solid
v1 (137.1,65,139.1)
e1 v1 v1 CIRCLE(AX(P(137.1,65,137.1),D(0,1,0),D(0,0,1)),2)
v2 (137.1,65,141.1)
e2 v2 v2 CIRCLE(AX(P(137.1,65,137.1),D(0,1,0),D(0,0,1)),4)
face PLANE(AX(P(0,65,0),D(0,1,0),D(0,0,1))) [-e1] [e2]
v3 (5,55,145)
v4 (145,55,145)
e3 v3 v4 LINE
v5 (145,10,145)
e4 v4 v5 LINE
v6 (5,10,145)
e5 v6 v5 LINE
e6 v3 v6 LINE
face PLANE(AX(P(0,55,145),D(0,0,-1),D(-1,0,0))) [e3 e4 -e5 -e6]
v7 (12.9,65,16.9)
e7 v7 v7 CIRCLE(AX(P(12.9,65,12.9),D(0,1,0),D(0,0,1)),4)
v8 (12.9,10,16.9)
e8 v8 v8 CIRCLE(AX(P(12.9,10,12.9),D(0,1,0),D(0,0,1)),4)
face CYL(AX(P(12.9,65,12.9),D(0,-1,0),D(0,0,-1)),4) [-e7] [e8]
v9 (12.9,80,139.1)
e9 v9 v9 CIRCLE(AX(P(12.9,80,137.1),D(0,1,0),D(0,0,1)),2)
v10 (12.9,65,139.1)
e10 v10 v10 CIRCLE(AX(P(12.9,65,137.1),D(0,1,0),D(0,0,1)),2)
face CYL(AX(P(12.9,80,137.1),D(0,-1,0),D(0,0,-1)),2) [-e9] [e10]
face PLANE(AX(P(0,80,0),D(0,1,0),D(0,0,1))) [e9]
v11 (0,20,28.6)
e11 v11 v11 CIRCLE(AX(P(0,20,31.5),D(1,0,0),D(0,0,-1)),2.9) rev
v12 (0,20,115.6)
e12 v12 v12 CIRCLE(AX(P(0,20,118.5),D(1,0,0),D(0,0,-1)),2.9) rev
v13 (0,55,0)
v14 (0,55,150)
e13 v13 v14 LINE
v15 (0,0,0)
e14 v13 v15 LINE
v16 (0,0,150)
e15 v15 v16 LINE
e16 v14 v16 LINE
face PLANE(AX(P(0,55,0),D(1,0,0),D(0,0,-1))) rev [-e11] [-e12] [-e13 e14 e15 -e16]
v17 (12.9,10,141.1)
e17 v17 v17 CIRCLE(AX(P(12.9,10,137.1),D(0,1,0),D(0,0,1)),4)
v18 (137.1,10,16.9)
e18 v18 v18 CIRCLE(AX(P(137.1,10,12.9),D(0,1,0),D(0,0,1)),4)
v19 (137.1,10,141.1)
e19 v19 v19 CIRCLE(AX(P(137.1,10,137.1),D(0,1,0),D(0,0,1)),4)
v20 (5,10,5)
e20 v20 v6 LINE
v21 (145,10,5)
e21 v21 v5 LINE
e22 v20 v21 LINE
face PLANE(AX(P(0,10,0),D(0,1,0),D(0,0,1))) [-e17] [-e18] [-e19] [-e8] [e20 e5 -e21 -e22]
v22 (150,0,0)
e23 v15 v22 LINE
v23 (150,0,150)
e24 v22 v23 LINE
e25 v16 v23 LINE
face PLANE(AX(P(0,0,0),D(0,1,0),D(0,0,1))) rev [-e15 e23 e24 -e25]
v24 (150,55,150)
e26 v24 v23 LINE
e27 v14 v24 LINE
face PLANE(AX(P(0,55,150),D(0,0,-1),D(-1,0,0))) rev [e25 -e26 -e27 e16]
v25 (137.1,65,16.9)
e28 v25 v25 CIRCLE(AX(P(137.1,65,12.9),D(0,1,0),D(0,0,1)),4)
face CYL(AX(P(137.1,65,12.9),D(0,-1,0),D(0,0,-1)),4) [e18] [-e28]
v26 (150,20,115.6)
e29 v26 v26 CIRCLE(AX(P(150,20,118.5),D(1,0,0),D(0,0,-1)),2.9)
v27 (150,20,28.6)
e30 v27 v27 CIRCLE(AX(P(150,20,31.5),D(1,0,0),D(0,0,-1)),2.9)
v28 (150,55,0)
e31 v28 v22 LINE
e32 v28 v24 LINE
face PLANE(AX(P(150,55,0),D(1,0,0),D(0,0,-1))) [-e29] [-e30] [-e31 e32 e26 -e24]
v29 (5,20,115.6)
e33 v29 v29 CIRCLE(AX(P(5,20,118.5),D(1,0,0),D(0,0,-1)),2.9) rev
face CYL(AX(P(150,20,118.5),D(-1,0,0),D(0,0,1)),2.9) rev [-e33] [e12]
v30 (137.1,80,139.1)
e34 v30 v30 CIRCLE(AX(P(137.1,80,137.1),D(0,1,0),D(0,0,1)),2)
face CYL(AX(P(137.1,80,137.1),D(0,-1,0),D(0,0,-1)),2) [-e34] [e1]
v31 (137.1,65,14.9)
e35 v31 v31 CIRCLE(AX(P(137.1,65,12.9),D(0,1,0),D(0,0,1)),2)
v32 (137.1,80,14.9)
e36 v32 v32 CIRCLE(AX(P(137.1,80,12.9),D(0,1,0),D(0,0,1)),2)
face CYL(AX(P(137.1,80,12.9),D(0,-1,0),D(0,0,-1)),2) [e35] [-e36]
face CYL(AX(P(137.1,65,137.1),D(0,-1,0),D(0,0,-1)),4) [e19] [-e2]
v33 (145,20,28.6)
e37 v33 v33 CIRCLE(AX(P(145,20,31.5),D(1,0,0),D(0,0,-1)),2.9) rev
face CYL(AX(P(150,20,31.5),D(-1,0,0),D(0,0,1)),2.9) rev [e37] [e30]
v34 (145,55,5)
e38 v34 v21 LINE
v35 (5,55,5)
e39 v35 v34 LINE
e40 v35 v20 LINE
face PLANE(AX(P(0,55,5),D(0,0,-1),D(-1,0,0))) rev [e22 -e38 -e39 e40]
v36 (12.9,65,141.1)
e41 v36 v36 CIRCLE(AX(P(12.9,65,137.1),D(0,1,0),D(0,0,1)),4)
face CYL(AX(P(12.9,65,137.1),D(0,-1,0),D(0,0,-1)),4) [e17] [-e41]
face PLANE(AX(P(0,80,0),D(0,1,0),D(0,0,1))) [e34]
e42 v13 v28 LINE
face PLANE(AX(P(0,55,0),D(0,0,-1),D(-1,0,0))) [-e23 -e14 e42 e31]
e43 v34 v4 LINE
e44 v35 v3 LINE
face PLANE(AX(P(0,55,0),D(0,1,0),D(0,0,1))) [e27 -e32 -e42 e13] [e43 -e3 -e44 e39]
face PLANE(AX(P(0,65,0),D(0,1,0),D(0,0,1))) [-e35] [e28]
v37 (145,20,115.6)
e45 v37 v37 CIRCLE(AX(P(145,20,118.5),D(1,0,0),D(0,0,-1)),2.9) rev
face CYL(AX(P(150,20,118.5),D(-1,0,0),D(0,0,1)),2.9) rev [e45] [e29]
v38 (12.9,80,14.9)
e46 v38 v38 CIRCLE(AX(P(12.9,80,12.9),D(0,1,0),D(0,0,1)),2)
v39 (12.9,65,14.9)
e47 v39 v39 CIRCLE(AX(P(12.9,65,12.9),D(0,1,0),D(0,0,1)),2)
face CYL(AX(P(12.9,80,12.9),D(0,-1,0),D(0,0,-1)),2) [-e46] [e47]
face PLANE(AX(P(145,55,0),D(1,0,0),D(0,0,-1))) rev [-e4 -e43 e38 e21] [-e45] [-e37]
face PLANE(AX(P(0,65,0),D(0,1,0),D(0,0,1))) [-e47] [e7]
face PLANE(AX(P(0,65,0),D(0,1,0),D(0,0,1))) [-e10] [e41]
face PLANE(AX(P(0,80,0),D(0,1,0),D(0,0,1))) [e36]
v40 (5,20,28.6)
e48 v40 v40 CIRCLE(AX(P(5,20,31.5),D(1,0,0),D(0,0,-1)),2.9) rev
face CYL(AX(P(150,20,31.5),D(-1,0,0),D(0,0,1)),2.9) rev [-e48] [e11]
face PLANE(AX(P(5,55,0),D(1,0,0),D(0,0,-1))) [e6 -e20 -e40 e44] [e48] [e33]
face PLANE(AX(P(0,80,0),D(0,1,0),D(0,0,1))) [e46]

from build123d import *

# Parameters (mm, degrees)
SKETCH1_W               = 150
SKETCH1_H               = 150
SKETCH1_W_2             = 140
SKETCH1_H_2             = 140
BOSS_EXTRUDE1_DEPTH     = 55
SKETCH1_3_W             = 140
SKETCH1_3_H             = 140
SKETCH1_3_R             = 4
BOSS_EXTRUDE2_DEPTH     = 10
SKETCH1_4_R             = 4
SKETCH1_4_R_2           = 2
BOSS_EXTRUDE3_DEPTH     = 65
SKETCH1_5_R             = 2
BOSS_EXTRUDE4_DEPTH     = 80
CUT_EXTRUDE3_DEPTH      = 227.715680975
CUT_EXTRUDE3_DEPTH_BACK = 130
SKETCH3_R               = 2.9


with BuildPart() as part:
    # Sketch1 → Boss-Extrude1 (new body)
    with BuildSketch(Plane(origin=(0, 0, 0), x_dir=(1, 0, 0), z_dir=(0, 1, 0))):
        with Locations((75, -75)):
            Rectangle(SKETCH1_W, SKETCH1_H)
        with Locations((75, -75)):
            Rectangle(SKETCH1_W_2, SKETCH1_H_2, mode=Mode.SUBTRACT)
    extrude(amount=BOSS_EXTRUDE1_DEPTH)

    # Sketch1<3> → Boss-Extrude2 (add)
    with BuildSketch(Plane(origin=(0, 0, 0), x_dir=(1, 0, 0), z_dir=(0, 1, 0))):
        with Locations((75, -75)):
            Rectangle(SKETCH1_3_W, SKETCH1_3_H)
        with Locations((12.9, -137.1)):
            Circle(SKETCH1_3_R, mode=Mode.SUBTRACT)
        with Locations((137.1, -137.1)):
            Circle(SKETCH1_3_R, mode=Mode.SUBTRACT)
        with Locations((12.9, -12.9)):
            Circle(SKETCH1_3_R, mode=Mode.SUBTRACT)
        with Locations((137.1, -12.9)):
            Circle(SKETCH1_3_R, mode=Mode.SUBTRACT)
    extrude(amount=BOSS_EXTRUDE2_DEPTH)

    # Sketch1<4> → Boss-Extrude3 (add)
    # profile 1 of 4: a face of its own
    with BuildSketch(Plane(origin=(0, 0, 0), x_dir=(1, 0, 0), z_dir=(0, 1, 0))):
        with Locations((12.9, -12.9)):
            Circle(SKETCH1_4_R)
        with Locations((12.9, -12.9)):
            Circle(SKETCH1_4_R_2, mode=Mode.SUBTRACT)
    # profile 2 of 4: a face of its own
    with BuildSketch(Plane(origin=(0, 0, 0), x_dir=(1, 0, 0), z_dir=(0, 1, 0))):
        with Locations((137.1, -12.9)):
            Circle(SKETCH1_4_R)
        with Locations((137.1, -12.9)):
            Circle(SKETCH1_4_R_2, mode=Mode.SUBTRACT)
    # profile 3 of 4: a face of its own
    with BuildSketch(Plane(origin=(0, 0, 0), x_dir=(1, 0, 0), z_dir=(0, 1, 0))):
        with Locations((137.1, -137.1)):
            Circle(SKETCH1_4_R)
        with Locations((137.1, -137.1)):
            Circle(SKETCH1_4_R_2, mode=Mode.SUBTRACT)
    # profile 4 of 4: a face of its own
    with BuildSketch(Plane(origin=(0, 0, 0), x_dir=(1, 0, 0), z_dir=(0, 1, 0))):
        with Locations((12.9, -137.1)):
            Circle(SKETCH1_4_R)
        with Locations((12.9, -137.1)):
            Circle(SKETCH1_4_R_2, mode=Mode.SUBTRACT)
    extrude(amount=BOSS_EXTRUDE3_DEPTH)

    # Sketch1<5> → Boss-Extrude4 (add)
    with BuildSketch(Plane(origin=(0, 0, 0), x_dir=(1, 0, 0), z_dir=(0, 1, 0))):
        with Locations((12.9, -12.9)):
            Circle(SKETCH1_5_R)
        with Locations((137.1, -12.9)):
            Circle(SKETCH1_5_R)
        with Locations((137.1, -137.1)):
            Circle(SKETCH1_5_R)
        with Locations((12.9, -137.1)):
            Circle(SKETCH1_5_R)
    extrude(amount=BOSS_EXTRUDE4_DEPTH)

    # Sketch3 → Cut-Extrude3 (cut, two sides: drawn at the far end of the back side and taken through both)
    with BuildSketch(Plane(origin=(0, 0, 0), x_dir=(0, 0, -1), z_dir=(1, 0, 0)).offset(-CUT_EXTRUDE3_DEPTH_BACK)):
        with Locations((-31.5, 20)):
            Circle(SKETCH3_R)
        with Locations((-118.5, 20)):
            Circle(SKETCH3_R)
    extrude(amount=CUT_EXTRUDE3_DEPTH + CUT_EXTRUDE3_DEPTH_BACK, mode=Mode.SUBTRACT)


solid = part.part
